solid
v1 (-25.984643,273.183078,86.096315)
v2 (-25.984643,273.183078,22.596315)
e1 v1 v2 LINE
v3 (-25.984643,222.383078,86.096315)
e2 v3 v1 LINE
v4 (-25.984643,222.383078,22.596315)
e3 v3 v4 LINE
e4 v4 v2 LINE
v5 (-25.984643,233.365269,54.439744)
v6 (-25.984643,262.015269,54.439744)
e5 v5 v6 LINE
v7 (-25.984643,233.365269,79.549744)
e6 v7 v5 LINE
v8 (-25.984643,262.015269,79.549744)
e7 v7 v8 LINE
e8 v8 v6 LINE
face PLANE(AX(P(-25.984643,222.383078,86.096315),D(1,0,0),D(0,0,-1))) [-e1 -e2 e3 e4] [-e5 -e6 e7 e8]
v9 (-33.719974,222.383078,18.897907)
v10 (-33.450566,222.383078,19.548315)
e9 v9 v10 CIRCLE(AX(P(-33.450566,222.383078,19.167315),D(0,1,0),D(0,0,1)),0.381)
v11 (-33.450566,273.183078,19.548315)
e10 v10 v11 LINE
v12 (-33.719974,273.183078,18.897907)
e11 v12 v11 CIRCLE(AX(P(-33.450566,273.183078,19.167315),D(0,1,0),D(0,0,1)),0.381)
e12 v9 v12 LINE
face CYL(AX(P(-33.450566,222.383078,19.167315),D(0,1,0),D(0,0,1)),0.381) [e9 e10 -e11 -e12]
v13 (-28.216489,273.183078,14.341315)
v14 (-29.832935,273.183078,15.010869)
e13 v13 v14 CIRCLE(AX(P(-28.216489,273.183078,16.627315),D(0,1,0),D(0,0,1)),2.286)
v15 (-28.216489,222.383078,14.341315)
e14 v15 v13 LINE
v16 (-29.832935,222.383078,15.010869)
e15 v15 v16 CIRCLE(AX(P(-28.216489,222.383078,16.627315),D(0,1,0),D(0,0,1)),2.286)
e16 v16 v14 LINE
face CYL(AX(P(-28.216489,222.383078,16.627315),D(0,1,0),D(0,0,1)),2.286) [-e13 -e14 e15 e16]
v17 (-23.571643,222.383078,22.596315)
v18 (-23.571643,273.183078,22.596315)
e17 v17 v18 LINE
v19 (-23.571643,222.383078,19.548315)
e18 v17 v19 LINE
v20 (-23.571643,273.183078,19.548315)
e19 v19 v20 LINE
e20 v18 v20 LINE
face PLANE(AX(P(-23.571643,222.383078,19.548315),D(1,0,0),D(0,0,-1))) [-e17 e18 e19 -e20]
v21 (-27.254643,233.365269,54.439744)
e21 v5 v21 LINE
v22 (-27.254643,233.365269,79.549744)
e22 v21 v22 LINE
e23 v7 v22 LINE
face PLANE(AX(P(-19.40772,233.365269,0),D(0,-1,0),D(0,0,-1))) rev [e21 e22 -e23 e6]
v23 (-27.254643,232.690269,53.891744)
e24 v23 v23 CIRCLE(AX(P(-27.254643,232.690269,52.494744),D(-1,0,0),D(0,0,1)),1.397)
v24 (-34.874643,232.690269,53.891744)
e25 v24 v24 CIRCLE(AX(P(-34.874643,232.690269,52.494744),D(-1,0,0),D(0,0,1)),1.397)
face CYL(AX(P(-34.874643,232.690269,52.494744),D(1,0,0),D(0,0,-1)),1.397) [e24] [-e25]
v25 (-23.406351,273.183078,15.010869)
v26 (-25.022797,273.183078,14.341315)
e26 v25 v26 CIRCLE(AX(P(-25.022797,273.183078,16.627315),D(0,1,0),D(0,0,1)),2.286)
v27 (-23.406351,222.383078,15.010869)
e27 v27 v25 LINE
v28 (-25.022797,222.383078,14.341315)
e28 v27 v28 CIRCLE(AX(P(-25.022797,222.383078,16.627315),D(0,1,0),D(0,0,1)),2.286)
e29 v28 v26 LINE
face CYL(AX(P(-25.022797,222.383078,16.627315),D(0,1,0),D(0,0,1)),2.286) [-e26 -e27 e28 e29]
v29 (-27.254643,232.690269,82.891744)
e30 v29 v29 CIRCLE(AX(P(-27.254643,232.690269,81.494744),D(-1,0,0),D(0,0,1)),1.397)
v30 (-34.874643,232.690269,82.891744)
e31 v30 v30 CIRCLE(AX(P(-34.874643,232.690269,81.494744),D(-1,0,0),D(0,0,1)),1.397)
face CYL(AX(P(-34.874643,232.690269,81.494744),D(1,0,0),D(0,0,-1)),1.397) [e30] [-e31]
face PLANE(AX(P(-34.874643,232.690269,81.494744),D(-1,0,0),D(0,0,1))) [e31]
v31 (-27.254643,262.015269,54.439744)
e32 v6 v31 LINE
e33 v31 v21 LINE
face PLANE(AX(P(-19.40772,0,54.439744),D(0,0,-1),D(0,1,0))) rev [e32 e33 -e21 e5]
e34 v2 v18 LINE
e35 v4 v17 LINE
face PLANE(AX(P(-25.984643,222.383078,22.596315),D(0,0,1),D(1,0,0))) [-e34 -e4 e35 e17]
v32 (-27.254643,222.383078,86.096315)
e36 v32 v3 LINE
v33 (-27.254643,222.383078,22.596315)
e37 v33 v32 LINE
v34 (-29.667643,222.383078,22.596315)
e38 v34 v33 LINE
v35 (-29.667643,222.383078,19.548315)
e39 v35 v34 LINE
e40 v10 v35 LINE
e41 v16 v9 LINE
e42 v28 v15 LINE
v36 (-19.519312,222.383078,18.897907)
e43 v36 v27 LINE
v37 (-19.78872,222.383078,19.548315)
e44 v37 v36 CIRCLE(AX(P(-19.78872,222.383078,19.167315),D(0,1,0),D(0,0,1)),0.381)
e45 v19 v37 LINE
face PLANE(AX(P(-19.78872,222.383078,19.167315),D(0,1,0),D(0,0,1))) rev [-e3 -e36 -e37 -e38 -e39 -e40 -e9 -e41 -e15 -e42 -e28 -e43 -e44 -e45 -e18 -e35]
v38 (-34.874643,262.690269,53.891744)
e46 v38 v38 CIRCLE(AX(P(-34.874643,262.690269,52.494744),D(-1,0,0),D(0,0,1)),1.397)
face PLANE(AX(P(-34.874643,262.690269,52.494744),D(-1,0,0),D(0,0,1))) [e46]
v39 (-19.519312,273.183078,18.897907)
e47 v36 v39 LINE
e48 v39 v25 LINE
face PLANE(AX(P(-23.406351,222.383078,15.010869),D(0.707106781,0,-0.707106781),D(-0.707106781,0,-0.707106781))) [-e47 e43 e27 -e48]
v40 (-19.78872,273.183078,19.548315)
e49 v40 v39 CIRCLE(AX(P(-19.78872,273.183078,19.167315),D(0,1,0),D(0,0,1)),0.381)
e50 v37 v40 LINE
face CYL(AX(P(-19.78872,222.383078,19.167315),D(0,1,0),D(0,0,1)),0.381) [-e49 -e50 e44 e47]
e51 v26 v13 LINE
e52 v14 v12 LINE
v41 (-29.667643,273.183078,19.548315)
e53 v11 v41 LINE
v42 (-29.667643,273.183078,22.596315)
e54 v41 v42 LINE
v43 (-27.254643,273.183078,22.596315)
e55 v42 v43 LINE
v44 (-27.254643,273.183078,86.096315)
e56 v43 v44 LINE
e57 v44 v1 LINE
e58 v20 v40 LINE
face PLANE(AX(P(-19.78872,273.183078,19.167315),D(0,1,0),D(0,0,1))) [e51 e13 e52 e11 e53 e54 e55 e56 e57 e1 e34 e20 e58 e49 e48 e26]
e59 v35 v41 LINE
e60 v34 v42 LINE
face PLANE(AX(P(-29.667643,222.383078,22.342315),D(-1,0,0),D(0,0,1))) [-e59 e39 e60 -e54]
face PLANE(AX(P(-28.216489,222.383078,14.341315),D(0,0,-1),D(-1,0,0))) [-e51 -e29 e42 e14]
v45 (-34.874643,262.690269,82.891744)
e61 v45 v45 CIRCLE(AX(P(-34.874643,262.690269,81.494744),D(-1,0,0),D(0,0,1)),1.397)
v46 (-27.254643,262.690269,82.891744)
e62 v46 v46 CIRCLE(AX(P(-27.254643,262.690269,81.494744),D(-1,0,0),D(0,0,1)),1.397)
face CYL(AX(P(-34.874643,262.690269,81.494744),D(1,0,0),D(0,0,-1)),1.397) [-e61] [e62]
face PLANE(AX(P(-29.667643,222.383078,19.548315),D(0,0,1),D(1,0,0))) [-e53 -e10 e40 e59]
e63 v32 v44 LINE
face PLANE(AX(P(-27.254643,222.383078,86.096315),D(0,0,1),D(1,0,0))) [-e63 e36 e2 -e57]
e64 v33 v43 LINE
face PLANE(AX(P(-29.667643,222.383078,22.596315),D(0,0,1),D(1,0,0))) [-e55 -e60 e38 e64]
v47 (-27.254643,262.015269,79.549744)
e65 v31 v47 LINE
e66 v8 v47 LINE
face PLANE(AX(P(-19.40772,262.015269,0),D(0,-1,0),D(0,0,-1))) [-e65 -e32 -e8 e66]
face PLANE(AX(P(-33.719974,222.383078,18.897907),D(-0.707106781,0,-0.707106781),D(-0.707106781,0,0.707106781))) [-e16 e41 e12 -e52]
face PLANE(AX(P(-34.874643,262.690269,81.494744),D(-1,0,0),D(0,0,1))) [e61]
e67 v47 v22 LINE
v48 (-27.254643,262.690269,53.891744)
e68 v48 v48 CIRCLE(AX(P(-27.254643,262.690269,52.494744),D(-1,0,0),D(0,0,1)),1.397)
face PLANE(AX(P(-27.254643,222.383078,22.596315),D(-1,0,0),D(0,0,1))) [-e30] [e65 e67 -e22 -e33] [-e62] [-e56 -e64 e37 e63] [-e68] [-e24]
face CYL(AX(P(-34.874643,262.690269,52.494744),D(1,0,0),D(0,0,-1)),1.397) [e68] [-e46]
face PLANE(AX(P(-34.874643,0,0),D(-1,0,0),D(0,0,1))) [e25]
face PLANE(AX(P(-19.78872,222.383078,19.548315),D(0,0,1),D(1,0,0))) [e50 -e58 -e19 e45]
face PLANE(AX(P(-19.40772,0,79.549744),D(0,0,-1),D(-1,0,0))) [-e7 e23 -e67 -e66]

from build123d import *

# Parameters (mm, degrees)
BOSS_EXTRUDE1_DEPTH = 50.8
SKETCH2_R           = 1.397
BOSS_EXTRUDE3_DEPTH = 7.62
SKETCH4_W           = 25.11
SKETCH4_H           = 28.65
CUT_EXTRUDE2_DEPTH  = 8.846923164


with BuildPart() as part:
    # Sketch1 → Boss-Extrude1 (new body)
    with BuildSketch(Plane(origin=(0, 273.183078415, 0), x_dir=(1, 0, 0), z_dir=(0, 1, 0))):
        with BuildLine():
            Line((-29.667642961, -22.342314993), (-29.667642961, -22.596314993))
            Line((-29.667642961, -22.596314993), (-27.254642961, -22.596314993))
            Line((-27.254642961, -22.596314993), (-27.254642961, -86.096314993))
            Line((-27.254642961, -86.096314993), (-25.984642961, -86.096314993))
            Line((-25.984642961, -86.096314993), (-25.984642961, -22.596314993))
            Line((-25.984642961, -22.596314993), (-23.571642961, -22.596314993))
            Line((-23.571642961, -22.596314993), (-23.571642961, -22.342314993))
            Line((-23.571642961, -22.342314993), (-23.571642961, -19.548314993))
            Line((-23.571642961, -19.548314993), (-19.788719797, -19.548314993))
            ThreePointArc((-19.788719797, -19.548314993), (-19.436721695, -19.313117381), (-19.519312114, -18.897907309))
            Line((-19.519312114, -18.897907309), (-23.406350532, -15.010868891))
            ThreePointArc((-23.406350532, -15.010868891), (-24.147982307, -14.515326382), (-25.022796633, -14.341314993))
            Line((-25.022796633, -14.341314993), (-28.216489288, -14.341314993))
            ThreePointArc((-28.216489288, -14.341314993), (-29.091303615, -14.515326382), (-29.83293539, -15.010868891))
            Line((-29.83293539, -15.010868891), (-33.719973808, -18.897907309))
            ThreePointArc((-33.719973808, -18.897907309), (-33.802564226, -19.313117381), (-33.450566125, -19.548314993))
            Line((-33.450566125, -19.548314993), (-29.667642961, -19.548314993))
            Line((-29.667642961, -19.548314993), (-29.667642961, -22.342314993))
        make_face()
    extrude(amount=-BOSS_EXTRUDE1_DEPTH)

    # Sketch2 → Boss-Extrude3 (add)
    with BuildSketch(Plane.ZY.offset(27.254642961)):
        with Locations((52.494743656, 232.690269259)):
            Circle(SKETCH2_R)
        with Locations((52.494743656, 262.690269259)):
            Circle(SKETCH2_R)
        with Locations((81.494743656, 262.690269259)):
            Circle(SKETCH2_R)
        with Locations((81.494743656, 232.690269259)):
            Circle(SKETCH2_R)
    extrude(amount=BOSS_EXTRUDE3_DEPTH)

    # Sketch4 → Cut-Extrude2 (cut, through all)
    with BuildSketch(Plane.ZY.offset(27.254642961)):
        with Locations((66.994743656, 247.690269259)):
            Rectangle(SKETCH4_W, SKETCH4_H)
    extrude(amount=-CUT_EXTRUDE2_DEPTH, mode=Mode.SUBTRACT)


solid = part.part
